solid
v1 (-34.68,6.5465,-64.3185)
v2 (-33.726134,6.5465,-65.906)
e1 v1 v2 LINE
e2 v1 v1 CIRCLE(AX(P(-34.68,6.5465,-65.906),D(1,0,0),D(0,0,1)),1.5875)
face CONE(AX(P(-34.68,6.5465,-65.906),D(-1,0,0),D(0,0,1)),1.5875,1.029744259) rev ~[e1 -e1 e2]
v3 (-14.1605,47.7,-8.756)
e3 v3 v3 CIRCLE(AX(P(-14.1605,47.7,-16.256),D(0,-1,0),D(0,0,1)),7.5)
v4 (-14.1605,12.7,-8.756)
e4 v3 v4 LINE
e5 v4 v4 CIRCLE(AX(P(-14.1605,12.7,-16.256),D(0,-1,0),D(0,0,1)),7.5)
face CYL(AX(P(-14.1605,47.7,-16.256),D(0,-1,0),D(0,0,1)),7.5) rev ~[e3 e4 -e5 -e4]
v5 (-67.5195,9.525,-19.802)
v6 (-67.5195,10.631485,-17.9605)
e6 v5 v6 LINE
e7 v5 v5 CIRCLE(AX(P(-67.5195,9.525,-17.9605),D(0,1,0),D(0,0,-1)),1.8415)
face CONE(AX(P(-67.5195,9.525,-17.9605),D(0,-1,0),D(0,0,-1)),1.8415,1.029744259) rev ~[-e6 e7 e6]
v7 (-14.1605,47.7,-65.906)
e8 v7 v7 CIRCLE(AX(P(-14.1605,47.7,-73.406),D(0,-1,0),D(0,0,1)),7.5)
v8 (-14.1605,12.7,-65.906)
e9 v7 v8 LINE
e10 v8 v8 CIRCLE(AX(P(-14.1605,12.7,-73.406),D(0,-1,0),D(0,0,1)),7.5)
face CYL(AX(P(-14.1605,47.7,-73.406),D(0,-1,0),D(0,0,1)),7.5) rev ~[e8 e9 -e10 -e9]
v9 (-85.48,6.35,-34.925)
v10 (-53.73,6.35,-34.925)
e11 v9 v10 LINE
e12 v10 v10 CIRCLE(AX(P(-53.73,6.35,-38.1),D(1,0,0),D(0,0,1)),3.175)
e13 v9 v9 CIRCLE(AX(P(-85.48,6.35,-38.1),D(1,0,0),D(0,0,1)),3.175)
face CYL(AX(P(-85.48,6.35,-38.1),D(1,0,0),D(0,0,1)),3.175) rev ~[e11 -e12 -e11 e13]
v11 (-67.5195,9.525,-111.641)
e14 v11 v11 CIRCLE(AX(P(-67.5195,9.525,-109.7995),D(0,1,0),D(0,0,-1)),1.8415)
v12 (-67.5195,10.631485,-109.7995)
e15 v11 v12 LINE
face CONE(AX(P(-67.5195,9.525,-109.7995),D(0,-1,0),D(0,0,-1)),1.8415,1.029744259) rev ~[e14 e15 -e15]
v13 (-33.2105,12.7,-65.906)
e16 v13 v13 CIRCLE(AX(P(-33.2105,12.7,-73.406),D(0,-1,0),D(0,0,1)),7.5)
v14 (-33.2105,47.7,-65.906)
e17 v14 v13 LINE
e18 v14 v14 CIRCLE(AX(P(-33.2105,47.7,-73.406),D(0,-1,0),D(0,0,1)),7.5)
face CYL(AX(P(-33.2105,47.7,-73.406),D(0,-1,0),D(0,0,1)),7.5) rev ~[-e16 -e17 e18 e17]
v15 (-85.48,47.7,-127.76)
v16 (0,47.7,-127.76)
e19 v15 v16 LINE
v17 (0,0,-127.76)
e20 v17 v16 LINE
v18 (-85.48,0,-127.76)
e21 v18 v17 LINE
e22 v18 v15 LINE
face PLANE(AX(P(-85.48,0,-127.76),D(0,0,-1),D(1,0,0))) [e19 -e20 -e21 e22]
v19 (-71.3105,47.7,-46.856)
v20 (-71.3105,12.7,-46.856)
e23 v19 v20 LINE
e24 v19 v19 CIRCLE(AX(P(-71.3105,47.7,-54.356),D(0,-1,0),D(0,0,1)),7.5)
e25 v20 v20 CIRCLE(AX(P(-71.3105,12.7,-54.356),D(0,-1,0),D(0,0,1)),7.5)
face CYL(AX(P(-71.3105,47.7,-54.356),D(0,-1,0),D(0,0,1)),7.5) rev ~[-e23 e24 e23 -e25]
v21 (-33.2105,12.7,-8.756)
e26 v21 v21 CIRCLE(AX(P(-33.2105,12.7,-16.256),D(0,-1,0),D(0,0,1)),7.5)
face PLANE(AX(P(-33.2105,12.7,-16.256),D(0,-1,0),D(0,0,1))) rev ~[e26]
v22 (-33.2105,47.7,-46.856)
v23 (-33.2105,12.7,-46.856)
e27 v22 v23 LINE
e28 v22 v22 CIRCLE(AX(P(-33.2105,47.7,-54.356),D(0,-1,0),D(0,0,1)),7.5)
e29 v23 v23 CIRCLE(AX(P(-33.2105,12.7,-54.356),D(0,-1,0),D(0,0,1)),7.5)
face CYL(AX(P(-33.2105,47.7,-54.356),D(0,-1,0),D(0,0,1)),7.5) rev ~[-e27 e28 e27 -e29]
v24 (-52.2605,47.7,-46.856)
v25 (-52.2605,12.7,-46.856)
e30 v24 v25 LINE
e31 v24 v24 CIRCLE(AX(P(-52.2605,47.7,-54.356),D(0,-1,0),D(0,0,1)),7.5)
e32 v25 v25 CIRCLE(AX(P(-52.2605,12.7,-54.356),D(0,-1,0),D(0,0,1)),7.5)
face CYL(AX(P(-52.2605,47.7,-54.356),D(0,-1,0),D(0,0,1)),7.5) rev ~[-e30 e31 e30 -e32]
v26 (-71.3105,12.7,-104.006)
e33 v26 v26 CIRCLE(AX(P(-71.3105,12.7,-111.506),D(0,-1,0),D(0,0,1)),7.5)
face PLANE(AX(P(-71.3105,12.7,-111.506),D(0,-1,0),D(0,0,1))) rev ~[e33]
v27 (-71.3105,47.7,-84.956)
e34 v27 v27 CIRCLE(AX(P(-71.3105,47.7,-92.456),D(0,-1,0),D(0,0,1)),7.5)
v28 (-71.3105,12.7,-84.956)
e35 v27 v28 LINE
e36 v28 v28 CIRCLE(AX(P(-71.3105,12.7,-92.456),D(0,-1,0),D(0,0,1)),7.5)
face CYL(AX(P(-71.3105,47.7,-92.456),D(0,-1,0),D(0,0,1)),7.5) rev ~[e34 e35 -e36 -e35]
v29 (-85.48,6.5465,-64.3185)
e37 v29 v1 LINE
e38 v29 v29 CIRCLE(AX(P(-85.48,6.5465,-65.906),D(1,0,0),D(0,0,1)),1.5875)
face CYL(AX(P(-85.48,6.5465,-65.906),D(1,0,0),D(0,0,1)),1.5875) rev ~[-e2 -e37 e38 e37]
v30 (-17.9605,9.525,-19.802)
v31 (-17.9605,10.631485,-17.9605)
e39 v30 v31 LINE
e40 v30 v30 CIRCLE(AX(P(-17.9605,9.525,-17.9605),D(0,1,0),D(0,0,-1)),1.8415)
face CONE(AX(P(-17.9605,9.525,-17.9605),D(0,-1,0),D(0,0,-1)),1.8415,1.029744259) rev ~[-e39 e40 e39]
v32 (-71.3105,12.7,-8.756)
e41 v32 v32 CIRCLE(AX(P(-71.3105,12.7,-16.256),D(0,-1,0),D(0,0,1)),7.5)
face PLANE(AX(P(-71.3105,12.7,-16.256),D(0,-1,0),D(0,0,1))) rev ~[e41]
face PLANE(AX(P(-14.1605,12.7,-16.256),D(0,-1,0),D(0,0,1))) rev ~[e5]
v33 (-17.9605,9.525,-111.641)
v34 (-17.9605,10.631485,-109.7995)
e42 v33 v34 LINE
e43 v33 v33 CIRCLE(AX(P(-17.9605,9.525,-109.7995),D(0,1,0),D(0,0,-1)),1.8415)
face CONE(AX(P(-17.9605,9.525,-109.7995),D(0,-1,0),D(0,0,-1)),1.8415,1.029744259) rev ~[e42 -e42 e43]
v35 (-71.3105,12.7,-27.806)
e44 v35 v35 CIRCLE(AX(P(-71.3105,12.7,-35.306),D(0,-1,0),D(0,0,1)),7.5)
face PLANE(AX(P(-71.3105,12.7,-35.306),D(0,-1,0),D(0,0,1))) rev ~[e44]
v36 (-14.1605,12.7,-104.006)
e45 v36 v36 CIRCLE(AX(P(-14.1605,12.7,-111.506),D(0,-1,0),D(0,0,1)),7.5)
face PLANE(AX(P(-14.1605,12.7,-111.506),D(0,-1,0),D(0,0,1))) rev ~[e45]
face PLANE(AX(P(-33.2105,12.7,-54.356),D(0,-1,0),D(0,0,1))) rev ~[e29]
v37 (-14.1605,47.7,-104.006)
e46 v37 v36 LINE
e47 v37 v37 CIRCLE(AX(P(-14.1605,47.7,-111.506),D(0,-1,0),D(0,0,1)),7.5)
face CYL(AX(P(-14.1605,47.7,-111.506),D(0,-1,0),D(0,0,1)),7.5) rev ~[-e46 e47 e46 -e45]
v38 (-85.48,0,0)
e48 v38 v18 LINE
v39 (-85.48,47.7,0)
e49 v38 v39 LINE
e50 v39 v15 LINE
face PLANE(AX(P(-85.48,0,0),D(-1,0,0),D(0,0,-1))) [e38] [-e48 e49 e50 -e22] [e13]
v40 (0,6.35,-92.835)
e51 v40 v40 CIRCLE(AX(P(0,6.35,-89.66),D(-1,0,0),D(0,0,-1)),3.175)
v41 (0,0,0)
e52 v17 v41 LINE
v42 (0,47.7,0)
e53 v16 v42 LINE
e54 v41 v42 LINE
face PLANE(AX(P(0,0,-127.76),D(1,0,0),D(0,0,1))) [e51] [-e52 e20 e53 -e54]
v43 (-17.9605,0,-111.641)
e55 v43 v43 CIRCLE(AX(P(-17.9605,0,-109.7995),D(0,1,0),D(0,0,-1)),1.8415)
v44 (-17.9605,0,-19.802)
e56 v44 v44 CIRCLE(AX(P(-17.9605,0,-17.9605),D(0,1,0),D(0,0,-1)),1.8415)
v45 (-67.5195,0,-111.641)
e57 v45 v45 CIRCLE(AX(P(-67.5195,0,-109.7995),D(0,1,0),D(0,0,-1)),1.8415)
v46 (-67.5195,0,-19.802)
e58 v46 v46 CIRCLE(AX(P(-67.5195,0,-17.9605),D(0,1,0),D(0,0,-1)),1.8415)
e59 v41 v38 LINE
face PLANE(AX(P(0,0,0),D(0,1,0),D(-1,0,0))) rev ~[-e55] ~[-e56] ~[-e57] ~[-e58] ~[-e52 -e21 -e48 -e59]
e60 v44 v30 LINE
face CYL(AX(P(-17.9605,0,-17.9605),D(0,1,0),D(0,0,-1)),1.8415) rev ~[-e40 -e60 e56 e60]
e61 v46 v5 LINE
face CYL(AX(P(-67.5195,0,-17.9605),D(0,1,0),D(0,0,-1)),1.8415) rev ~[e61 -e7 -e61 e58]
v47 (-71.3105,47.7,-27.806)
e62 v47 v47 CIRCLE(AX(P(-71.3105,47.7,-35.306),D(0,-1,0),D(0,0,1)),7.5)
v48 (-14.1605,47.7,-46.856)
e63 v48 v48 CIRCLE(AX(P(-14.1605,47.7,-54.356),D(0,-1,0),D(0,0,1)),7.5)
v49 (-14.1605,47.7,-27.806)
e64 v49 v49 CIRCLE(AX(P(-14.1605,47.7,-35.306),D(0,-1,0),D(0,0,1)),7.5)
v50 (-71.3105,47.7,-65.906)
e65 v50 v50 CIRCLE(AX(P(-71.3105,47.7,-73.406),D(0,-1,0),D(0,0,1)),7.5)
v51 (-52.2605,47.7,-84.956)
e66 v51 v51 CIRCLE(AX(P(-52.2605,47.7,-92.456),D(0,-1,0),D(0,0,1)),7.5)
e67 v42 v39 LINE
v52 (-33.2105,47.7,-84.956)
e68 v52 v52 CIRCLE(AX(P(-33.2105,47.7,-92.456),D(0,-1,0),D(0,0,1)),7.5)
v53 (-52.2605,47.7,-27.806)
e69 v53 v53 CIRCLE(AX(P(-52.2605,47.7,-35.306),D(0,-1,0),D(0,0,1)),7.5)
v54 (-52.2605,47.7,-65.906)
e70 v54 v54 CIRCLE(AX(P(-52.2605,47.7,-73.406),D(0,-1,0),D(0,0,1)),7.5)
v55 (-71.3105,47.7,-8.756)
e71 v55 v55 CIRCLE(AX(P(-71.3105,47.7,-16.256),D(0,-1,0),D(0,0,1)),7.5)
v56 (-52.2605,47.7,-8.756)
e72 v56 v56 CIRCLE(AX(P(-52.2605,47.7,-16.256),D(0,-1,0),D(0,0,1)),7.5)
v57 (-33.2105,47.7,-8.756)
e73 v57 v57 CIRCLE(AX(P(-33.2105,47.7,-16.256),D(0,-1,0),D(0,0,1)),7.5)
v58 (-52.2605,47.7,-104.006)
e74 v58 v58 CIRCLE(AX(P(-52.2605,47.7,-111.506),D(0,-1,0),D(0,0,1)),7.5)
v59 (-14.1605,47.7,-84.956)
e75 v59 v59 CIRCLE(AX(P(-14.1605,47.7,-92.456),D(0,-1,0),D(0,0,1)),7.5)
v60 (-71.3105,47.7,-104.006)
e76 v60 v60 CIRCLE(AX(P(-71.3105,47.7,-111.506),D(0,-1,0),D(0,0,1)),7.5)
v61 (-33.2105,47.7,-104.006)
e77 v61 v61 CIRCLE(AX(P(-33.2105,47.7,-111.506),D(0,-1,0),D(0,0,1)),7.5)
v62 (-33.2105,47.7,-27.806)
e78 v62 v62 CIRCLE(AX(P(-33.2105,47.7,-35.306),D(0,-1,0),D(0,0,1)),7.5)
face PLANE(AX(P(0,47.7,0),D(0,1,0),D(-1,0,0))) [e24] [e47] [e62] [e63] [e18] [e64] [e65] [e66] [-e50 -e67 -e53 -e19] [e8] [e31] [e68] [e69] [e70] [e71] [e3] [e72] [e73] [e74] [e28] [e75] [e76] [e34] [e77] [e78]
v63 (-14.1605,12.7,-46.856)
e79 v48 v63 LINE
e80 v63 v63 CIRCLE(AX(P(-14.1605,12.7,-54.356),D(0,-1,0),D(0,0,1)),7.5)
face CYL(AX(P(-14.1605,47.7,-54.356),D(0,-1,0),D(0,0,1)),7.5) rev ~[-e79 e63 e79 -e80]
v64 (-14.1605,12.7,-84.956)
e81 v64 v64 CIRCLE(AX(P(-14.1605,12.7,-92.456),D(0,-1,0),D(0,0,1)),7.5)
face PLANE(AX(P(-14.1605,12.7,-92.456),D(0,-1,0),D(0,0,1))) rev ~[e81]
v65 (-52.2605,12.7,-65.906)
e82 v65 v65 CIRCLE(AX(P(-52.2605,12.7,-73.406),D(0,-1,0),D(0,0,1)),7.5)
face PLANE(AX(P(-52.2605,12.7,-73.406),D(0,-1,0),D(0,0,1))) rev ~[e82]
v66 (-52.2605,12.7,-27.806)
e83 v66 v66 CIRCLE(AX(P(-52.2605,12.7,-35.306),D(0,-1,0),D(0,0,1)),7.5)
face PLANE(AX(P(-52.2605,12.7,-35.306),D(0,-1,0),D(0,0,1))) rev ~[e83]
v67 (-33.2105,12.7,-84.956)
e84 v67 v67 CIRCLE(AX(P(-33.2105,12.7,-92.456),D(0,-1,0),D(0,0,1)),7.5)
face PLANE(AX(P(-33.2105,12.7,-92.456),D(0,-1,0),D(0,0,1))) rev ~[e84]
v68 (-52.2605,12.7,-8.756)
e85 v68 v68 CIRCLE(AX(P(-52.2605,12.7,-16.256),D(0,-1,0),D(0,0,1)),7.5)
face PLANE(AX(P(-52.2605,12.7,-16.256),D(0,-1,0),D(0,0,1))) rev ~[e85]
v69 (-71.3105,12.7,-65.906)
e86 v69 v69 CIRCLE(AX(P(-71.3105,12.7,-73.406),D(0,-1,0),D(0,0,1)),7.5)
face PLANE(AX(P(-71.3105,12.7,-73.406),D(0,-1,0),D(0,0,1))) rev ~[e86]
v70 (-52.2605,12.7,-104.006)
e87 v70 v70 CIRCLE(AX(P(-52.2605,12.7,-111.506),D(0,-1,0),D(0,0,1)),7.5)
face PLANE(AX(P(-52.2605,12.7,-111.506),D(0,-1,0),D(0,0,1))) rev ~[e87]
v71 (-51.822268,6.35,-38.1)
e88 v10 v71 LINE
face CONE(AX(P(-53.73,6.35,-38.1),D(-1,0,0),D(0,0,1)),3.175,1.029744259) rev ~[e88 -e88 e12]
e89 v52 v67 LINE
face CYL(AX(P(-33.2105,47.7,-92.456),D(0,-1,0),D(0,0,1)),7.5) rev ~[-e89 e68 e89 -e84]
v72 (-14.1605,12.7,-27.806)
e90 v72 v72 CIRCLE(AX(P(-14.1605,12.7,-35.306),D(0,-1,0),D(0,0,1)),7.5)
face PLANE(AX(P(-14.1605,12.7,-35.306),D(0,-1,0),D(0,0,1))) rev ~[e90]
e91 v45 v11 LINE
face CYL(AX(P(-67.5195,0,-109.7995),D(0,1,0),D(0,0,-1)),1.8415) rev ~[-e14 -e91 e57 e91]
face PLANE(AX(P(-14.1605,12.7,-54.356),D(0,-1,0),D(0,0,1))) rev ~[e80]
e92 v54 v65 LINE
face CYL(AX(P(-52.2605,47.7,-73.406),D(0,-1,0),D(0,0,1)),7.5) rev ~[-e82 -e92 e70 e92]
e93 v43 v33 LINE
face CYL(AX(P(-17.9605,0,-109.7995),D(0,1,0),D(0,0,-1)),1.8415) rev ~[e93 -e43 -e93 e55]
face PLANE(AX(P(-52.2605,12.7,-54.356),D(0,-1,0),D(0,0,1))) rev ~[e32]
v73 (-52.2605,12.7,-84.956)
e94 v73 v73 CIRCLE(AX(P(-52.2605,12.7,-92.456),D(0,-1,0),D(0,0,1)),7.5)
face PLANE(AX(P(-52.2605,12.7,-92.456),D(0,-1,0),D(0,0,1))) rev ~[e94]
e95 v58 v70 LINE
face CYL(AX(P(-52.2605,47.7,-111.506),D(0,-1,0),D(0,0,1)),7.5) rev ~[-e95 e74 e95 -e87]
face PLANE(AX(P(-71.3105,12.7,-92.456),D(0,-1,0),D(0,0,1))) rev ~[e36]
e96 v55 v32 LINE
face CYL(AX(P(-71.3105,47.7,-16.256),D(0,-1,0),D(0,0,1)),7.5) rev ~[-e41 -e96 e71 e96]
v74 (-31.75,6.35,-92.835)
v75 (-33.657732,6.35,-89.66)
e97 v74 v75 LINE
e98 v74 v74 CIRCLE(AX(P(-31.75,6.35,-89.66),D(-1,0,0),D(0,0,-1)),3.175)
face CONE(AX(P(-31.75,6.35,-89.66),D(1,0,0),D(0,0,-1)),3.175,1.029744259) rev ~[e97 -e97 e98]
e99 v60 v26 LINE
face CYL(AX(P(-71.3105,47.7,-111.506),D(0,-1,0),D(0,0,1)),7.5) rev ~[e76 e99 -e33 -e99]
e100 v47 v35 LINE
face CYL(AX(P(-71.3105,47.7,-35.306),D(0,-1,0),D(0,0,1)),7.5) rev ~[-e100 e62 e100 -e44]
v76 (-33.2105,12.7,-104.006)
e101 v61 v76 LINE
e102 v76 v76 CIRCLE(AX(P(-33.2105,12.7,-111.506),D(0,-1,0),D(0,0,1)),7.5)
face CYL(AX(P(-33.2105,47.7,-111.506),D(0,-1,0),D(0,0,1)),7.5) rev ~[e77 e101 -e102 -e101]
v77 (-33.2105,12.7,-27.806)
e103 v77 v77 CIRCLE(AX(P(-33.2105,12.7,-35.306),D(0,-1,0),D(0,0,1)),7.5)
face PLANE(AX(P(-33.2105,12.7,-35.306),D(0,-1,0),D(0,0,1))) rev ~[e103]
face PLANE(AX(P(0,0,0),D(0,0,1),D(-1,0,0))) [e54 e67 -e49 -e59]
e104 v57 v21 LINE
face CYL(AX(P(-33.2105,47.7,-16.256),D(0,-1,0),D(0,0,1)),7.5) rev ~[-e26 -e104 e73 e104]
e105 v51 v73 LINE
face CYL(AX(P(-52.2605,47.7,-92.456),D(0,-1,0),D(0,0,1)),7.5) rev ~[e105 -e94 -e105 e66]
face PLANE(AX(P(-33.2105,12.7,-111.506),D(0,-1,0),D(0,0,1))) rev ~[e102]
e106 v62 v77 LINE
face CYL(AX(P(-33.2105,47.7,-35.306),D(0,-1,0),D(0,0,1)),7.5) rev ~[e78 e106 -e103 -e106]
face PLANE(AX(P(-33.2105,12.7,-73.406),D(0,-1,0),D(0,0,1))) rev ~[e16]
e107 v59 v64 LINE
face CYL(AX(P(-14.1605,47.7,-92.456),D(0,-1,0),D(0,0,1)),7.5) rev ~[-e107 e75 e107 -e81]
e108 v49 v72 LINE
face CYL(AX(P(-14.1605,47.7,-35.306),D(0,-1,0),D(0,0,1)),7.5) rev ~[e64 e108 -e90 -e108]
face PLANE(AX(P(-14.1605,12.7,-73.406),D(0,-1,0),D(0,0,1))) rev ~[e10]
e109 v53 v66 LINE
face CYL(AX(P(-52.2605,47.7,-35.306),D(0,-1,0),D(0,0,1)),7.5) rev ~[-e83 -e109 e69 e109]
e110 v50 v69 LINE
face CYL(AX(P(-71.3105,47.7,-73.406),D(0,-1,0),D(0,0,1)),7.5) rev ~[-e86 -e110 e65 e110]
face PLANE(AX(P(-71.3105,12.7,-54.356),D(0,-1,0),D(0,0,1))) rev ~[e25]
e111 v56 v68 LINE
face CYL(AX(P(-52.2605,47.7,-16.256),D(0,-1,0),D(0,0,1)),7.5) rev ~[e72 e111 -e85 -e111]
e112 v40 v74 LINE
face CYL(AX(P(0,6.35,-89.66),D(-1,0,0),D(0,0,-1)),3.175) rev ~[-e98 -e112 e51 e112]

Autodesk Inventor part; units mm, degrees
ref_plane "YZ Plane" through (0, 0, 0) normal (1, 0, 0) x (0, 1, 0)
ref_plane "XZ Plane" through (0, 0, 0) normal (0, 1, 0) x (-1, 0, 0)
ref_plane "XY Plane" through (0, 0, 0) normal (0, 0, 1) x (1, 0, 0)
sketch "Sketch1" plane through (0, 0, 0) normal (0, 1, 0) x (-1, 0, 0)
  line L0 (0, 0) -> (85.48, 0)
  line L1 (85.48, 0) -> (85.48, -127.76)
  line L2 (85.48, -127.76) -> (0, -127.76)
  line L3 (0, -127.76) -> (0, 0)
  line L4 (85.48, 0) -> (67.5195, -17.9605)
  line L5 (85.48, 0) -> (110.88, 0) construction
  line L6 (0, 0) -> (17.9605, -17.9605)
  line L7 (85.48, -127.76) -> (67.5195, -109.7995)
  line L8 (85.48, -127.76) -> (110.88, -127.76) construction
  line L9 (0, -127.76) -> (17.9605, -109.7995)
  line L10 (0, -127.76) -> (25.4, -127.76) construction
  dimension "d0" = 85.48
  dimension "d1" = 127.76
  dimension "d2" = 25.4
  dimension "d3" = 135
  dimension "d4" = 25.4
  dimension "d5" = 25.4
  dimension "d6" = 135
  dimension "d7" = 25.4
  dimension "d8" = 45
extrude "Extrusion1" add sketch "Sketch1" along normal blind 47.7
sketch "Sketch2" plane through (0, 0, 0) normal (0, -1, 0) x (1, 0, 0)
  line L0 (-85.48, 0) -> (0, 0) projected
  line L1 (0, 0) -> (-17.9605, -17.9605)
  line L2 (0, 0) -> (25.4, 0) construction
  line L3 (0, 0) -> (0, -127.76) projected
  line L4 (0, -127.76) -> (-17.9605, -109.7995)
  line L5 (0, -127.76) -> (25.4, -127.76) construction
  line L6 (-85.48, -127.76) -> (-85.48, 0) projected
  line L7 (-85.48, 0) -> (-67.5195, -17.9605)
  line L8 (-85.48, 0) -> (-60.08, 0) construction
  line L9 (0, -127.76) -> (-85.48, -127.76) projected
  line L10 (-85.48, -127.76) -> (-67.5195, -109.7995)
  line L11 (-85.48, -127.76) -> (-60.08, -127.76) construction
  dimension "d11" = 25.4
  dimension "d12" = 135
  dimension "d13" = 25.4
  dimension "d14" = 135
  dimension "d15" = 25.4
  dimension "d16" = 45
  dimension "d17" = 25.4
  dimension "d18" = 45
hole "Hole1" at (-17.9605, 0, -17.9605) at (-67.5195, 0, -17.9605) at (-67.5195, 0, -109.7995) at (-17.9605, 0, -109.7995) direction (0, 1, 0) diameter 3.683 depth 9.525 tip angle 118 thread size "10-24 UNC" class "2B" standard "ANSI Unified Screw Threads"
sketch "Sketch4" plane through (0, 47.7, 0) normal (0, 1, 0) x (1, 0, 0)
  line L0 (0, -1.0521) -> (19.05, -1.0521) construction
  line L1 (0, 0) -> (0, 127.76) projected
  line L2 (0, 18.3507) -> (0, 0)
  line L3 (0, 0) -> (-18.7946, 0)
  line L4 (0, 0) -> (-14.1605, 0)
  line L5 (-14.1605, 0) -> (-14.1605, 16.256)
  line L6 (-14.1605, 16.256) -> (0, 16.256)
  line L7 (0, 16.256) -> (0, 0)
  dimension "d41" = 14.1605
  dimension "d42" = 16.256
hole "Hole2" at (-14.1605, 47.7, -16.256) direction (0, -1, 0) diameter 15 depth 35
pattern_linear "Rectangular Pattern1" count 4 spacing 19.05 along (-1, 0, 0) count 6 spacing 19.05 along (0, 0, -1) of "Hole2"
sketch "Sketch5" plane through (-85.48, 0, -127.76) normal (-1, 0, 0) x (0, 0, 1)
  line L0 (127.76, 0) -> (127.76, 47.7) projected
  line L1 (127.76, 0) -> (89.66, 0)
  line L2 (89.66, 0) -> (89.66, 6.35)
  line L3 (89.66, 6.35) -> (127.76, 6.35)
  line L4 (127.76, 6.35) -> (127.76, 0)
  line L5 (62.646, 6.35) -> (127.76, 6.35)
  line L6 (127.76, 6.35) -> (127.76, 0)
  line L7 (127.76, 0) -> (62.646, 0)
  line L8 (62.646, 0) -> (62.646, 6.35)
  dimension "d43" = 38.1
  dimension "d44" = 6.35
hole "Hole3" at (-85.48, 6.35, -38.1) direction (1, 0, 0) diameter 6.35 depth 31.75 tip angle 118
sketch "Sketch6" plane through (-85.48, 0, -127.76) normal (-1, 0, 0) x (0, 0, 1)
  line L0 (61.854, 6.5465) -> (127.76, 6.5465)
  line L1 (127.76, 6.5465) -> (127.76, 0.1965)
  line L2 (127.76, 0.1965) -> (61.854, 0.1965)
  line L3 (61.854, 0.1965) -> (61.854, 6.5465)
  point P0 (127.76, 0)
  dimension "d52" = 6.35
hole "Hole4" at (-85.48, 6.5465, -65.906) direction (1, 0, 0) diameter 3.175 depth 50.8 tip angle 118
sketch "Sketch7" plane through (0, 0, 0) normal (1, 0, 0) x (0, 0, -1)
  line L0 (127.76, 0) -> (0, 0) projected
  line L1 (127.76, 0) -> (89.66, 0)
  line L2 (89.66, 0) -> (89.66, 6.35)
  line L3 (89.66, 6.35) -> (127.76, 6.35)
  line L4 (127.76, 6.35) -> (127.76, 0)
  dimension "d60" = 38.1
  dimension "d61" = 6.35
hole "Hole5" at (0, 6.35, -89.66) direction (-1, 0, 0) diameter 6.35 depth 31.75 tip angle 118
properties part number "Thermal_topplate_4mL"
